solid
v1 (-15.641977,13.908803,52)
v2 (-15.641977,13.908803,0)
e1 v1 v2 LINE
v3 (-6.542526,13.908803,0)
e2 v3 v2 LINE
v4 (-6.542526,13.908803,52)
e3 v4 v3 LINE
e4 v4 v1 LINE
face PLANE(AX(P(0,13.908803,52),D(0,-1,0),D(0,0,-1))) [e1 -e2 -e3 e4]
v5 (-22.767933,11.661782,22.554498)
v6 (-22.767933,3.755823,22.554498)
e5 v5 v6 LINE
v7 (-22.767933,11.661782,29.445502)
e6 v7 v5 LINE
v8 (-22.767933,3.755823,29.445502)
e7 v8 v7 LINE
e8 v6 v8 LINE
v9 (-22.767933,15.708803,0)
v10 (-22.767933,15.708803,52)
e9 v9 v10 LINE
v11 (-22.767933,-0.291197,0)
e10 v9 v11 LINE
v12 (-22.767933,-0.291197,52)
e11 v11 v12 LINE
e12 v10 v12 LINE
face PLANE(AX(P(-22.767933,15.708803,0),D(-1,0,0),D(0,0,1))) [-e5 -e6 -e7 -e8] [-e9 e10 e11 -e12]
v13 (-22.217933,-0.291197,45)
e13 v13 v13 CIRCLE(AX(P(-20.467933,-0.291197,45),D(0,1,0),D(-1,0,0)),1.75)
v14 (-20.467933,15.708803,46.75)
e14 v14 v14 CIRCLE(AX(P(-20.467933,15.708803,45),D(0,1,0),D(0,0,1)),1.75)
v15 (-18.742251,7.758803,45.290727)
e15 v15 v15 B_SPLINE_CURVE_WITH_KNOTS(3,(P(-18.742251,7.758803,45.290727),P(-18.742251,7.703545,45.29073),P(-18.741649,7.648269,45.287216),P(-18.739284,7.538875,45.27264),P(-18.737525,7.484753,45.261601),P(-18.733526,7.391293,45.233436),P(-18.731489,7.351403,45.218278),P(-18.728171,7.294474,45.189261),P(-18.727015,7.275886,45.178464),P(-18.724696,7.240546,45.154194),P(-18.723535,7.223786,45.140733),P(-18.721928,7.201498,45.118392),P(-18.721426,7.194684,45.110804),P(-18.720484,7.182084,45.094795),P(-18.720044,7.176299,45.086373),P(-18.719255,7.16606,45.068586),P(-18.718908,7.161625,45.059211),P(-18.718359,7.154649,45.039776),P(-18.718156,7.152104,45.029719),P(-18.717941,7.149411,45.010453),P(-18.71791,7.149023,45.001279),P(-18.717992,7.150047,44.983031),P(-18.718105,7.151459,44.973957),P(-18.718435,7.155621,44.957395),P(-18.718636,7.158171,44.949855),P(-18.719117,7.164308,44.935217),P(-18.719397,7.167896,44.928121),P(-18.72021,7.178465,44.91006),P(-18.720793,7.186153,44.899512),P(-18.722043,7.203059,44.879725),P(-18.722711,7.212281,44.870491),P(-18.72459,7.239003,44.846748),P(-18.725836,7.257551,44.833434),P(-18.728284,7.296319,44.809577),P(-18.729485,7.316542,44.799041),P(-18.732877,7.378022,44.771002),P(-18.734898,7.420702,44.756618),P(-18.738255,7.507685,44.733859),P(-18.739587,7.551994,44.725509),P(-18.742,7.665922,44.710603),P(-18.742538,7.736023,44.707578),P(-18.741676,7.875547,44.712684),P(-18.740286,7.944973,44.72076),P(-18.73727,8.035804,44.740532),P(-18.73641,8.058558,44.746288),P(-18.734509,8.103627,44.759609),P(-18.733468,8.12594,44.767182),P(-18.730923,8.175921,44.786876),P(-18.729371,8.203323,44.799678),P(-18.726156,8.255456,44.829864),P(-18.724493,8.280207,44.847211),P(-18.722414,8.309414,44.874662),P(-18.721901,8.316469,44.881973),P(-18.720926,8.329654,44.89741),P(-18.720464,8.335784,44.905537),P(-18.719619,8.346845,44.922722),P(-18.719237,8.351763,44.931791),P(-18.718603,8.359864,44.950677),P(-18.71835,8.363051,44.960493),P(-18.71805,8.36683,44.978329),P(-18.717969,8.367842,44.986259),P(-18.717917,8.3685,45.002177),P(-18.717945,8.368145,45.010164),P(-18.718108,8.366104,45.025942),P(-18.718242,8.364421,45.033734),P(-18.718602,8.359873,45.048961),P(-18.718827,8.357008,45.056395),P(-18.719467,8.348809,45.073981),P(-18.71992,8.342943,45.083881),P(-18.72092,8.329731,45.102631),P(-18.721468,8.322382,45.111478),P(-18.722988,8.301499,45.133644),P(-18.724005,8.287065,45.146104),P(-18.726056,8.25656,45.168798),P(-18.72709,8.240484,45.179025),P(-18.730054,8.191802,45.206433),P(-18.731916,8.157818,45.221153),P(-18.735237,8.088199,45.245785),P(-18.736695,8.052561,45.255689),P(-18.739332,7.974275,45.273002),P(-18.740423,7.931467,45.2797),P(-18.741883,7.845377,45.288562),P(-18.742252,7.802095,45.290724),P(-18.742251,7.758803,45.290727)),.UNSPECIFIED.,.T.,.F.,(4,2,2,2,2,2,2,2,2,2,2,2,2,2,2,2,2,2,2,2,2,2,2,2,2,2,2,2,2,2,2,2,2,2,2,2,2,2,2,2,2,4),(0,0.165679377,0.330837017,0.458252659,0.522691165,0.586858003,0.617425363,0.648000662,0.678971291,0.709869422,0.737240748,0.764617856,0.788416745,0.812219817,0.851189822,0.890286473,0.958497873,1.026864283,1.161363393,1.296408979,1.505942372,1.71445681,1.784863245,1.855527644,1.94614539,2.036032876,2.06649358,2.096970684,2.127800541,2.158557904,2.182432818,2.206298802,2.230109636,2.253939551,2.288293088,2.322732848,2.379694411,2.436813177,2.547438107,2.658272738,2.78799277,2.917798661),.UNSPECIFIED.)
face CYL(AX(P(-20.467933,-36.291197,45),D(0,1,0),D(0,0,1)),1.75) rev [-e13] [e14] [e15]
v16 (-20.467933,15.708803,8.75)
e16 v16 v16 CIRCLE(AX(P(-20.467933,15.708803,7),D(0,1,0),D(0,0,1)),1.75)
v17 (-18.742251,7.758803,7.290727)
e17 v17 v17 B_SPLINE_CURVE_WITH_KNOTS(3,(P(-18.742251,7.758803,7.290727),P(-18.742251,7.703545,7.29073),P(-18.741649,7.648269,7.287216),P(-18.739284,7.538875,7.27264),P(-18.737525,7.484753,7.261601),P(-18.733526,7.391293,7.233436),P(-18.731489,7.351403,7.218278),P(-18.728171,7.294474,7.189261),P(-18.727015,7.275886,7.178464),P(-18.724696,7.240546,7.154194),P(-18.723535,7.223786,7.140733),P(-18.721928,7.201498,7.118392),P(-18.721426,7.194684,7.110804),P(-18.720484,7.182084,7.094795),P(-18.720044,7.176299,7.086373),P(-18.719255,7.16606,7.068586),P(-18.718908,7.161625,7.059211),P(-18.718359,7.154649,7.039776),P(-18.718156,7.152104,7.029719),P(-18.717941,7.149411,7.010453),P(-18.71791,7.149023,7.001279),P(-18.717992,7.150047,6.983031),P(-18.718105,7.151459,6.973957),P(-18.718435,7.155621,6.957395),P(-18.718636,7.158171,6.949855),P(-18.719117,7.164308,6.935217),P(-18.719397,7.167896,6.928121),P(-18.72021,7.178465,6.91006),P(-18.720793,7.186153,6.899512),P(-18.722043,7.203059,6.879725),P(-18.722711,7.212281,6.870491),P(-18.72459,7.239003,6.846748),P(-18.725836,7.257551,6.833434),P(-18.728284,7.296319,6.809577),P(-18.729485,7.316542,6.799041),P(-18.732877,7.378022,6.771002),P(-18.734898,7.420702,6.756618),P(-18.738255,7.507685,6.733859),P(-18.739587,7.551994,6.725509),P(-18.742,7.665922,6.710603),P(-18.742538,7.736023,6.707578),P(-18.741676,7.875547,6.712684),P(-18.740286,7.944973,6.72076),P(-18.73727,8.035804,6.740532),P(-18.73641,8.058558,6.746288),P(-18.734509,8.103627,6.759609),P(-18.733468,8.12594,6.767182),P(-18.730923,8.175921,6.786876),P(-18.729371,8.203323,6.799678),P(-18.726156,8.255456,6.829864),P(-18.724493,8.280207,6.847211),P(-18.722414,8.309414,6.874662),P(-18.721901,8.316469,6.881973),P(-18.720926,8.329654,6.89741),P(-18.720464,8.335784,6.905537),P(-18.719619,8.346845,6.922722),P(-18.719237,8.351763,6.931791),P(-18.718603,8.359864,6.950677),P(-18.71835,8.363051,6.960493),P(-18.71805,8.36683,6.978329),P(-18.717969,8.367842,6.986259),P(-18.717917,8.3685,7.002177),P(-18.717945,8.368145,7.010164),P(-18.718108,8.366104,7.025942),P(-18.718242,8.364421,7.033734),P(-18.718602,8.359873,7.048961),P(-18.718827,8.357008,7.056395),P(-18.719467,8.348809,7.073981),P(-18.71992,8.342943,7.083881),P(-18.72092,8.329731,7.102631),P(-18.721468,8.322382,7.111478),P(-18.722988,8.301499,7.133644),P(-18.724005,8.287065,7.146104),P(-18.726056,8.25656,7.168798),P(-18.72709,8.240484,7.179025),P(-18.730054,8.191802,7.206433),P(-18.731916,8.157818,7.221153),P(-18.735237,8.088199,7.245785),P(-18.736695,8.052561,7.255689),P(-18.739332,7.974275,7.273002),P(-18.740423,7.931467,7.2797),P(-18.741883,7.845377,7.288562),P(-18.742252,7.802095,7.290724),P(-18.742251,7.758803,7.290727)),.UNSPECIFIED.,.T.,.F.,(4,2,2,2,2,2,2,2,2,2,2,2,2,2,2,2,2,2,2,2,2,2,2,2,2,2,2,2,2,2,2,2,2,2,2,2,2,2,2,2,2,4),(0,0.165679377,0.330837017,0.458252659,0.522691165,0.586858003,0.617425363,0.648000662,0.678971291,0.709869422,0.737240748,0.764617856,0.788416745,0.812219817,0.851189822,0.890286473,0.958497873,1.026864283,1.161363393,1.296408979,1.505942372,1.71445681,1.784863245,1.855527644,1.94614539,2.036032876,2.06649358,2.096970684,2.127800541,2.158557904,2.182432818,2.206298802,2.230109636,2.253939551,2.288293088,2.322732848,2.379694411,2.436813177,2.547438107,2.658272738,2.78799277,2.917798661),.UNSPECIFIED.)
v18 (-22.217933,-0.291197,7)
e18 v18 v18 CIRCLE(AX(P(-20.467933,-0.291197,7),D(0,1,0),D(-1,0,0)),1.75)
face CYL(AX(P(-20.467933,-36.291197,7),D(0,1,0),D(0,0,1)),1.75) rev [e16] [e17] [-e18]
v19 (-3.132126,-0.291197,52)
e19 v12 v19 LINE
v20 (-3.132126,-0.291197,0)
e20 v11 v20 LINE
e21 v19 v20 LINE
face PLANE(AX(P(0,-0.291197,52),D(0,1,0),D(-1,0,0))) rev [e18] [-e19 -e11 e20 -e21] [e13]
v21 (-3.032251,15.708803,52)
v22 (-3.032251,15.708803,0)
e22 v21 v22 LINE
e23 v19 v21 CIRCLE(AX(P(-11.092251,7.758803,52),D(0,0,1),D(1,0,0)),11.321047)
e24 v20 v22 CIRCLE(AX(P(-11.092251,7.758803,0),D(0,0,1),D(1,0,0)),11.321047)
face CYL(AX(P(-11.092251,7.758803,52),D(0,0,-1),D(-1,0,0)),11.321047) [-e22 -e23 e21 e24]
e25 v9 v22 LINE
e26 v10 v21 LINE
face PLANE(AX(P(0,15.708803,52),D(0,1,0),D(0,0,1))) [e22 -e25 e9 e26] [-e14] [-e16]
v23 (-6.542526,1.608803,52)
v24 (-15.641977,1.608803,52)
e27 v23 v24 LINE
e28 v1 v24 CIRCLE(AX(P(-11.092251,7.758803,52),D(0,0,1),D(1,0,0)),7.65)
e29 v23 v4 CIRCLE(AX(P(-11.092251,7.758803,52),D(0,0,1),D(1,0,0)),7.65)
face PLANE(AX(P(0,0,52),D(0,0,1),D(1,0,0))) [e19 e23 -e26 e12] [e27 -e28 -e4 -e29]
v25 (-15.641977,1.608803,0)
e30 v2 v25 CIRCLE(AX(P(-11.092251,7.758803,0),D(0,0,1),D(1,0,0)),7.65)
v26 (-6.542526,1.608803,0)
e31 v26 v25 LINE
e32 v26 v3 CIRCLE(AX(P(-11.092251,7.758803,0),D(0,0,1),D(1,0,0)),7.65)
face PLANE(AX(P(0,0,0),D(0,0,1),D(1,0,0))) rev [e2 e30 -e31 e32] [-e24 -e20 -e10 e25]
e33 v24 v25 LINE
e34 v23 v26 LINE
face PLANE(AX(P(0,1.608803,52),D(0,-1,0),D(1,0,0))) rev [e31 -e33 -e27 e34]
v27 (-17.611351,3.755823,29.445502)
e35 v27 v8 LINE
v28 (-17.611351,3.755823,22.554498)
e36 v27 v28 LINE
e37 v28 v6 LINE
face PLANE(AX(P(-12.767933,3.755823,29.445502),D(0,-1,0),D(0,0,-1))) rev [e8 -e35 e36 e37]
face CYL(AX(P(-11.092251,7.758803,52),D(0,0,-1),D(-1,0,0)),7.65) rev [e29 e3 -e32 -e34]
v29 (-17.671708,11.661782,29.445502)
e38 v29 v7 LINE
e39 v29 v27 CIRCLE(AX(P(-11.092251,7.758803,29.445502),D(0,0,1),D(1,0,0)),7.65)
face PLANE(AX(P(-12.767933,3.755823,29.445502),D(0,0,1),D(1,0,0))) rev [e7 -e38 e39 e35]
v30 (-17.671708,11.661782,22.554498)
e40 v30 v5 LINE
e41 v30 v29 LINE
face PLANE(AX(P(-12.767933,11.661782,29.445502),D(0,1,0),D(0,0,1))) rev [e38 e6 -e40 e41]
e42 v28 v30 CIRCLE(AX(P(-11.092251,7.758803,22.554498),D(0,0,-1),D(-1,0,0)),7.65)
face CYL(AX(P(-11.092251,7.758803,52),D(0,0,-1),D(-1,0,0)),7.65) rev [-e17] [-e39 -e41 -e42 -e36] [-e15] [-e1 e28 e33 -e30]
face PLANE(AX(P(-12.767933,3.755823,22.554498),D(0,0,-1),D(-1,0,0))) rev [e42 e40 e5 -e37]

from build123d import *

# Parameters (mm, degrees)
SALIENTE_EXTRUIR1_DEPTH = 52
CROQUIS3_W              = 0.615681901
CROQUIS3_H              = 16
SALIENTE_EXTRUIR2_DEPTH = 52
CROQUIS2_R              = 1.75
CORTAR_EXTRUIR1_DEPTH   = 52
CROQUIS4_W              = 6.89100463
CROQUIS4_H              = 7.9059588
CORTAR_EXTRUIR2_DEPTH   = 10


with BuildPart() as part:
    # Croquis1 → Saliente-Extruir1 (new body)
    with BuildSketch(Plane.XY):
        with BuildLine():
            Line((-3.032251305, 15.708802589), (-22.152251305, 15.708802589))
            Line((-22.152251305, 15.708802589), (-22.152251305, -0.291197411))
            Line((-22.152251305, -0.291197411), (-3.132125677, -0.291197411))
            ThreePointArc((-3.132125677, -0.291197411), (-3.082032439, -0.241353267), (-3.032251305, -0.191197411))
            ThreePointArc((-3.032251305, -0.191197411), (0.228795467, 7.758802589), (-3.032251305, 15.708802589))
        make_face()
        with BuildLine():
            Line((-15.641976571, 13.908802589), (-6.542526038, 13.908802589))
            ThreePointArc((-6.542526038, 13.908802589), (-3.442251305, 7.758802589), (-6.542526038, 1.608802589))
            Line((-6.542526038, 1.608802589), (-15.641976571, 1.608802589))
            ThreePointArc((-15.641976571, 1.608802589), (-18.742251305, 7.758802589), (-15.641976571, 13.908802589))
        make_face(mode=Mode.SUBTRACT)
    extrude(amount=SALIENTE_EXTRUIR1_DEPTH)

    # Croquis3 → Saliente-Extruir2 (add)
    with BuildSketch(Plane.XY.offset(52)):
        with Locations((-22.460092256, 7.708802589)):
            Rectangle(CROQUIS3_W, CROQUIS3_H)
    extrude(amount=-SALIENTE_EXTRUIR2_DEPTH)

    # Croquis2 → Cortar-Extruir1 (cut)
    with BuildSketch(Plane(origin=(0, 15.708802589, 0), x_dir=(1, 0, 0), z_dir=(0, 1, 0))):
        with Locations(Location((-20.467933206, -7, 0), (0, 0, 270))):
            Circle(CROQUIS2_R)
        with Locations(Location((-20.467933206, -45, 0), (0, 0, 270))):
            Circle(CROQUIS2_R)
    extrude(amount=-CORTAR_EXTRUIR1_DEPTH, mode=Mode.SUBTRACT)

    # Croquis4 → Cortar-Extruir2 (cut)
    with BuildSketch(Plane.ZY.offset(22.767933206)):
        with Locations((26, 7.708802589)):
            Rectangle(CROQUIS4_W, CROQUIS4_H)
    extrude(amount=-CORTAR_EXTRUIR2_DEPTH, mode=Mode.SUBTRACT)


solid = part.part
